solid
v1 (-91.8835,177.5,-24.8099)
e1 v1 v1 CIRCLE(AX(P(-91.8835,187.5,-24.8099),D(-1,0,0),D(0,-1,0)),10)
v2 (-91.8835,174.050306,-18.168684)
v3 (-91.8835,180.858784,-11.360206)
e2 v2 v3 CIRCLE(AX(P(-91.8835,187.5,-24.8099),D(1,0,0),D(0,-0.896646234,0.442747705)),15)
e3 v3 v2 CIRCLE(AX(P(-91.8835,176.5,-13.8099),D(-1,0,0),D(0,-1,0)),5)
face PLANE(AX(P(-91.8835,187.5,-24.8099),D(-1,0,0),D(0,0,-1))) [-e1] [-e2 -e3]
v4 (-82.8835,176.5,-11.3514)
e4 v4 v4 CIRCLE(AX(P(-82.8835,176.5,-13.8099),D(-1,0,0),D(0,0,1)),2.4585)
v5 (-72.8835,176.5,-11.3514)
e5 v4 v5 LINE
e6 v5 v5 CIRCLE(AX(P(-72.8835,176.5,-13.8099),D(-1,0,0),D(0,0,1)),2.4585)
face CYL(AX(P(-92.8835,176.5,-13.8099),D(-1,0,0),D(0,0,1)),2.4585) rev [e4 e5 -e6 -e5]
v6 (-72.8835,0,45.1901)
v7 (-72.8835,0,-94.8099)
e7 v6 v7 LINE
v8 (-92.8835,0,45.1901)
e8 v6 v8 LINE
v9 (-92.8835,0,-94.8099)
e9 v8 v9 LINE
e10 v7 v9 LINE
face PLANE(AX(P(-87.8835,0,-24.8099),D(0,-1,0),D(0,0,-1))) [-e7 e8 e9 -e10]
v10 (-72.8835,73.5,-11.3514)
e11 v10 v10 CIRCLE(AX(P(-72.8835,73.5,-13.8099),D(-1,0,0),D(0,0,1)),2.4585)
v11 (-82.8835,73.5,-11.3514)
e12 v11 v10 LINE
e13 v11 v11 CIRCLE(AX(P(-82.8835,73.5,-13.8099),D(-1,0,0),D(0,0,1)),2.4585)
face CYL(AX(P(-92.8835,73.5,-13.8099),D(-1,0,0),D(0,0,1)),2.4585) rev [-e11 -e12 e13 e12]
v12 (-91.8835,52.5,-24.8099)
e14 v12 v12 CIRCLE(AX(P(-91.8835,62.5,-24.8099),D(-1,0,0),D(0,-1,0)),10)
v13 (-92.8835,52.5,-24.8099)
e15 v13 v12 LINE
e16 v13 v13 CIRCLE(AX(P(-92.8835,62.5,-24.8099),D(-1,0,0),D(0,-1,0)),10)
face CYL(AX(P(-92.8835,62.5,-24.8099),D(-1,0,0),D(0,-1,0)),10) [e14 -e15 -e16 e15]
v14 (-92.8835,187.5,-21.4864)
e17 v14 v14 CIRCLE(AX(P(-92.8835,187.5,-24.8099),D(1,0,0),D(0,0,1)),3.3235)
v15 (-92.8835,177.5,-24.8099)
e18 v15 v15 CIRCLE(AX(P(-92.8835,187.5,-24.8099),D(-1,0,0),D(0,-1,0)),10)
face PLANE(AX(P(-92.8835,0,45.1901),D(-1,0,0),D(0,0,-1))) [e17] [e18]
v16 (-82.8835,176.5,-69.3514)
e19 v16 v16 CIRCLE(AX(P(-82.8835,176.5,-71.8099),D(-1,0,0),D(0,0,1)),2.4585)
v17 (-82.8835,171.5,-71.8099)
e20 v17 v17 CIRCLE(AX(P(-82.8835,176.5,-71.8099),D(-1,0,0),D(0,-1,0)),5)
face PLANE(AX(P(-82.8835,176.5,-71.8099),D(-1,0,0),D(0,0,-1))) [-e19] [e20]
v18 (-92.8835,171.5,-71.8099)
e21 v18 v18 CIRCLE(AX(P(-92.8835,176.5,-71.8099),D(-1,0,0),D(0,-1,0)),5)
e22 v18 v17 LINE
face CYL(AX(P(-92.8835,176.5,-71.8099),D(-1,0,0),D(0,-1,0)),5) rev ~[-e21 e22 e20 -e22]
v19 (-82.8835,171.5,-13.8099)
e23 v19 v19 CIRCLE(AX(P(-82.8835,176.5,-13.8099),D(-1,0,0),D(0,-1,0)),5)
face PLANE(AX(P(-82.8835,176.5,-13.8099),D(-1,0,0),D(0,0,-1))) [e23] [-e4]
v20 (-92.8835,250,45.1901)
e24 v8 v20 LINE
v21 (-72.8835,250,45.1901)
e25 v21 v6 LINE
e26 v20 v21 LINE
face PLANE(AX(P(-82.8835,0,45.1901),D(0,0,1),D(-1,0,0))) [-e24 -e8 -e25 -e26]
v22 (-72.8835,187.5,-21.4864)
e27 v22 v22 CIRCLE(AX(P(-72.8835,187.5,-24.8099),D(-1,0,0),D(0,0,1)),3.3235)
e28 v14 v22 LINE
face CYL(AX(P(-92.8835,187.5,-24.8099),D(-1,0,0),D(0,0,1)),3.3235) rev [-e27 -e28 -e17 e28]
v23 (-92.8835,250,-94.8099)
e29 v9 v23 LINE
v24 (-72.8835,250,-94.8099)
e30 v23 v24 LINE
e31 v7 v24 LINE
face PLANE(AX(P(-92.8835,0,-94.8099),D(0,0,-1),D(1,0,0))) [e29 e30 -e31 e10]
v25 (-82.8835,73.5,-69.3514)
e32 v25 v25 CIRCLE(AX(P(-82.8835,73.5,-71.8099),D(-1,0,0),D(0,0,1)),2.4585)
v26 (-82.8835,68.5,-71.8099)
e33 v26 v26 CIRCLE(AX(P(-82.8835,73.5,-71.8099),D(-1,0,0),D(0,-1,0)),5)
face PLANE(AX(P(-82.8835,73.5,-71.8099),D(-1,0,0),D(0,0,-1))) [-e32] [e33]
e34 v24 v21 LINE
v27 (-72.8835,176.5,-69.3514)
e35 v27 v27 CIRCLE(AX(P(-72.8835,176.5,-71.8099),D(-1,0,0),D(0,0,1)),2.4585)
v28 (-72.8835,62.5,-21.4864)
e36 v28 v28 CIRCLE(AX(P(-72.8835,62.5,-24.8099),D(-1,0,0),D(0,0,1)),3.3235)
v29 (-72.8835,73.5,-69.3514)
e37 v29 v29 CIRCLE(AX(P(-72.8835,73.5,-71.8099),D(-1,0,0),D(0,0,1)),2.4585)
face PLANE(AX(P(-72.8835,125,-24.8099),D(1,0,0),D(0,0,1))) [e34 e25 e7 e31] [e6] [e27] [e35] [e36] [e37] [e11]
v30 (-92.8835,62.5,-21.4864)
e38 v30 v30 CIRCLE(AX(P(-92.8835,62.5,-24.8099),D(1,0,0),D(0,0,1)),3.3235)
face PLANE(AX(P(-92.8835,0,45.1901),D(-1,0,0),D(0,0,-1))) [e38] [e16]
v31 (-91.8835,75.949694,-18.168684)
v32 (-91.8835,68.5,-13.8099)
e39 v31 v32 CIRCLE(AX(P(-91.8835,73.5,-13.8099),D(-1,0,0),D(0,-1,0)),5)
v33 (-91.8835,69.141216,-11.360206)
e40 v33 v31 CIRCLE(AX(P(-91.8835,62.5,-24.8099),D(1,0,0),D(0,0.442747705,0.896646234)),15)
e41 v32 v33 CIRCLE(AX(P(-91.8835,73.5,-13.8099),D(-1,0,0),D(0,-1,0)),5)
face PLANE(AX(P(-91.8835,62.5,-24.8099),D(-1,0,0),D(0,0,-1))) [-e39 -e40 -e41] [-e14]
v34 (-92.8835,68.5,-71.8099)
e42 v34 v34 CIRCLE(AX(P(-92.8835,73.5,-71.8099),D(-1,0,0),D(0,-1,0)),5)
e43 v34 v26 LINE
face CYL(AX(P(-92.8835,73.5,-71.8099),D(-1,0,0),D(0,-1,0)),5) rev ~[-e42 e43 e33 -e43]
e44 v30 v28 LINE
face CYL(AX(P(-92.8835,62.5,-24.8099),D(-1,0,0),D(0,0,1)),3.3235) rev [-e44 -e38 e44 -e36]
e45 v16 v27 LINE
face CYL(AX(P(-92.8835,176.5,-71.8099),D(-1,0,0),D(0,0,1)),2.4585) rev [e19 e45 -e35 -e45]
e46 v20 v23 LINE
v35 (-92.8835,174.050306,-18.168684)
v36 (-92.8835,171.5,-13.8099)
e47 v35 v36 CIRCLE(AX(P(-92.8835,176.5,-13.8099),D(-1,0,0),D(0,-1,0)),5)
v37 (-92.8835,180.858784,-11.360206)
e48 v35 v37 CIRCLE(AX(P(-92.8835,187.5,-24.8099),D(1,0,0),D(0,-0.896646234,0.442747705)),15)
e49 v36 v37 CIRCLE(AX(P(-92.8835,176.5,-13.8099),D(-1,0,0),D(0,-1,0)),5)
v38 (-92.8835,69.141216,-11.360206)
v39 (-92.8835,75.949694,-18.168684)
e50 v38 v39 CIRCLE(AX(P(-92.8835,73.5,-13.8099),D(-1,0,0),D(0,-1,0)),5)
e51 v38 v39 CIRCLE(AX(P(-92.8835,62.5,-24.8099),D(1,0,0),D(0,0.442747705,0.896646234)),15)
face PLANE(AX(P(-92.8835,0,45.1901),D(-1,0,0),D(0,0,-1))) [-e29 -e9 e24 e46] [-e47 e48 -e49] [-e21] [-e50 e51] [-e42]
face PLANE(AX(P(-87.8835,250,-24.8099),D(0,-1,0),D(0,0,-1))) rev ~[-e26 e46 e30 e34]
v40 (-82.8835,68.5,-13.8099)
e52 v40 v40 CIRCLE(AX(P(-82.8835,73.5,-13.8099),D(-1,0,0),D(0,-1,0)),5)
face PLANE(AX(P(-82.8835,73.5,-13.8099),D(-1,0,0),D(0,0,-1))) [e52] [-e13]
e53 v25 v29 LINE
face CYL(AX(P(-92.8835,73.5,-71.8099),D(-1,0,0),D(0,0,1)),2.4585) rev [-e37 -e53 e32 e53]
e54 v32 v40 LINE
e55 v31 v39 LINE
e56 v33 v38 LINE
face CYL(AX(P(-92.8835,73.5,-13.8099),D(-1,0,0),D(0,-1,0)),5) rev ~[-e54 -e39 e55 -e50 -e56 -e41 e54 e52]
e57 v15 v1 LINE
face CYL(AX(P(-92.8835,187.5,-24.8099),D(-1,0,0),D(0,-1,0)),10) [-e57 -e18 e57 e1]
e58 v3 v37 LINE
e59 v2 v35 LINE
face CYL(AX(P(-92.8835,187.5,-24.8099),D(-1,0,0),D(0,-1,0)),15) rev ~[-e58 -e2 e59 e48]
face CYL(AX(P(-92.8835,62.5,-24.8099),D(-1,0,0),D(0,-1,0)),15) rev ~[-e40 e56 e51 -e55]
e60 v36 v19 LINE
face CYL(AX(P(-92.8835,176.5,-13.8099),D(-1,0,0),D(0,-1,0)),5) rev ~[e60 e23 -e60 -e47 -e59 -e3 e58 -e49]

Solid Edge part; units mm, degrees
sketch "Sketch1" plane through (0, 0, 0) normal (0, -1, 0) x (1, 0, 0)
  line L0 (-92.8835, -94.8099) -> (-82.8835, -94.8099)
  line L1 (-82.8835, -94.8099) -> (-82.8835, 45.1901)
  line L2 (-82.8835, 45.1901) -> (-92.8835, 45.1901)
  line L3 (-92.8835, 45.1901) -> (-92.8835, -94.8099)
  dimension "D1" = 10
  dimension "D2" = 140
extrude "Protrusion1" add sketch "Sketch1" against normal blind 250
sketch "Sketch2" plane through (-82.8835, 104, 0.1901) normal (1, 0, 0) x (0, -1, 0)
  line L0 (-146, -45) -> (104, -45)
  line L1 (104, -45) -> (104, 95)
  line L2 (104, 95) -> (-146, 95)
  line L3 (-146, 95) -> (-146, -45)
  dimension "D1" = 140
  dimension "D2" = 250
extrude "Protrusion2" add sketch "Sketch2" along normal blind 10
sketch "Sketch3" plane through (-82.8835, 100, 10.1901) normal (1, 0, 0) x (0, -1, 0)
  circle A0 centre (37.5, 35) radius 2.5
  circle A1 centre (-87.5, 35) radius 2.5
  dimension "D1" = 5
  dimension "D2" = 5
  dimension "D3" = 125
  dimension "D4" = 70
  dimension "D5" = 62.5
extrude "Cutout1" cut sketch "Sketch3" against normal through all
extrude "ExtrudedCutout_6" [suppressed]
extrude "Cutout2" [suppressed]
sketch "Sketch4" plane through (-92.8835, 145.5, 0.1901) normal (-1, 0, 0) x (0, -1, 0)
  circle A0 centre (-31, -72) radius 5
  circle A1 centre (72, -72) radius 5
  circle A2 centre (72, -14) radius 5
  circle A3 centre (-31, -14) radius 5
  dimension "D1" = 10
  dimension "D2" = 10
  dimension "D3" = 10
  dimension "D4" = 10
extrude "Cutout3" cut sketch "Sketch4" against normal up to vertex (10 mm away)
sketch "Sketch5" plane through (-92.8835, 104, -4.8099) normal (-1, 0, 0) x (0, -1, 0)
  circle A0 centre (41.5, -20) radius 15
  circle A1 centre (-83.5, -20) radius 10
  circle A2 centre (41.5, -20) radius 10
  circle A3 centre (-83.5, -20) radius 15
  dimension "D1" = 30
  dimension "D2" = 30
  dimension "D3" = 20
  dimension "D4" = 20
extrude "ExtrudedCutout_9" cut sketch "Sketch5" against normal blind 1
hole "Hole1" at (-92.8835, 176.5, -71.8099) direction (1, 0, 0) diameter 4.917 end up to next
hole "Hole2" at (-92.8835, 73.5, -13.8099) direction (1, 0, 0) diameter 4.917 end up to next
hole "Hole3" at (-92.8835, 73.5, -71.8099) direction (1, 0, 0) diameter 4.917 end up to next
hole "Hole4" at (-92.8835, 176.5, -13.8099) direction (1, 0, 0) diameter 4.917 end up to next
hole "Hole_7" at (-92.8835, 187.5, -24.8099) direction (1, 0, 0) diameter 6.647 end up to next
hole "Hole5" at (-92.8835, 62.5, -24.8099) direction (1, 0, 0) diameter 6.647 end up to next
properties material "Aluminum, 6061-T6"
